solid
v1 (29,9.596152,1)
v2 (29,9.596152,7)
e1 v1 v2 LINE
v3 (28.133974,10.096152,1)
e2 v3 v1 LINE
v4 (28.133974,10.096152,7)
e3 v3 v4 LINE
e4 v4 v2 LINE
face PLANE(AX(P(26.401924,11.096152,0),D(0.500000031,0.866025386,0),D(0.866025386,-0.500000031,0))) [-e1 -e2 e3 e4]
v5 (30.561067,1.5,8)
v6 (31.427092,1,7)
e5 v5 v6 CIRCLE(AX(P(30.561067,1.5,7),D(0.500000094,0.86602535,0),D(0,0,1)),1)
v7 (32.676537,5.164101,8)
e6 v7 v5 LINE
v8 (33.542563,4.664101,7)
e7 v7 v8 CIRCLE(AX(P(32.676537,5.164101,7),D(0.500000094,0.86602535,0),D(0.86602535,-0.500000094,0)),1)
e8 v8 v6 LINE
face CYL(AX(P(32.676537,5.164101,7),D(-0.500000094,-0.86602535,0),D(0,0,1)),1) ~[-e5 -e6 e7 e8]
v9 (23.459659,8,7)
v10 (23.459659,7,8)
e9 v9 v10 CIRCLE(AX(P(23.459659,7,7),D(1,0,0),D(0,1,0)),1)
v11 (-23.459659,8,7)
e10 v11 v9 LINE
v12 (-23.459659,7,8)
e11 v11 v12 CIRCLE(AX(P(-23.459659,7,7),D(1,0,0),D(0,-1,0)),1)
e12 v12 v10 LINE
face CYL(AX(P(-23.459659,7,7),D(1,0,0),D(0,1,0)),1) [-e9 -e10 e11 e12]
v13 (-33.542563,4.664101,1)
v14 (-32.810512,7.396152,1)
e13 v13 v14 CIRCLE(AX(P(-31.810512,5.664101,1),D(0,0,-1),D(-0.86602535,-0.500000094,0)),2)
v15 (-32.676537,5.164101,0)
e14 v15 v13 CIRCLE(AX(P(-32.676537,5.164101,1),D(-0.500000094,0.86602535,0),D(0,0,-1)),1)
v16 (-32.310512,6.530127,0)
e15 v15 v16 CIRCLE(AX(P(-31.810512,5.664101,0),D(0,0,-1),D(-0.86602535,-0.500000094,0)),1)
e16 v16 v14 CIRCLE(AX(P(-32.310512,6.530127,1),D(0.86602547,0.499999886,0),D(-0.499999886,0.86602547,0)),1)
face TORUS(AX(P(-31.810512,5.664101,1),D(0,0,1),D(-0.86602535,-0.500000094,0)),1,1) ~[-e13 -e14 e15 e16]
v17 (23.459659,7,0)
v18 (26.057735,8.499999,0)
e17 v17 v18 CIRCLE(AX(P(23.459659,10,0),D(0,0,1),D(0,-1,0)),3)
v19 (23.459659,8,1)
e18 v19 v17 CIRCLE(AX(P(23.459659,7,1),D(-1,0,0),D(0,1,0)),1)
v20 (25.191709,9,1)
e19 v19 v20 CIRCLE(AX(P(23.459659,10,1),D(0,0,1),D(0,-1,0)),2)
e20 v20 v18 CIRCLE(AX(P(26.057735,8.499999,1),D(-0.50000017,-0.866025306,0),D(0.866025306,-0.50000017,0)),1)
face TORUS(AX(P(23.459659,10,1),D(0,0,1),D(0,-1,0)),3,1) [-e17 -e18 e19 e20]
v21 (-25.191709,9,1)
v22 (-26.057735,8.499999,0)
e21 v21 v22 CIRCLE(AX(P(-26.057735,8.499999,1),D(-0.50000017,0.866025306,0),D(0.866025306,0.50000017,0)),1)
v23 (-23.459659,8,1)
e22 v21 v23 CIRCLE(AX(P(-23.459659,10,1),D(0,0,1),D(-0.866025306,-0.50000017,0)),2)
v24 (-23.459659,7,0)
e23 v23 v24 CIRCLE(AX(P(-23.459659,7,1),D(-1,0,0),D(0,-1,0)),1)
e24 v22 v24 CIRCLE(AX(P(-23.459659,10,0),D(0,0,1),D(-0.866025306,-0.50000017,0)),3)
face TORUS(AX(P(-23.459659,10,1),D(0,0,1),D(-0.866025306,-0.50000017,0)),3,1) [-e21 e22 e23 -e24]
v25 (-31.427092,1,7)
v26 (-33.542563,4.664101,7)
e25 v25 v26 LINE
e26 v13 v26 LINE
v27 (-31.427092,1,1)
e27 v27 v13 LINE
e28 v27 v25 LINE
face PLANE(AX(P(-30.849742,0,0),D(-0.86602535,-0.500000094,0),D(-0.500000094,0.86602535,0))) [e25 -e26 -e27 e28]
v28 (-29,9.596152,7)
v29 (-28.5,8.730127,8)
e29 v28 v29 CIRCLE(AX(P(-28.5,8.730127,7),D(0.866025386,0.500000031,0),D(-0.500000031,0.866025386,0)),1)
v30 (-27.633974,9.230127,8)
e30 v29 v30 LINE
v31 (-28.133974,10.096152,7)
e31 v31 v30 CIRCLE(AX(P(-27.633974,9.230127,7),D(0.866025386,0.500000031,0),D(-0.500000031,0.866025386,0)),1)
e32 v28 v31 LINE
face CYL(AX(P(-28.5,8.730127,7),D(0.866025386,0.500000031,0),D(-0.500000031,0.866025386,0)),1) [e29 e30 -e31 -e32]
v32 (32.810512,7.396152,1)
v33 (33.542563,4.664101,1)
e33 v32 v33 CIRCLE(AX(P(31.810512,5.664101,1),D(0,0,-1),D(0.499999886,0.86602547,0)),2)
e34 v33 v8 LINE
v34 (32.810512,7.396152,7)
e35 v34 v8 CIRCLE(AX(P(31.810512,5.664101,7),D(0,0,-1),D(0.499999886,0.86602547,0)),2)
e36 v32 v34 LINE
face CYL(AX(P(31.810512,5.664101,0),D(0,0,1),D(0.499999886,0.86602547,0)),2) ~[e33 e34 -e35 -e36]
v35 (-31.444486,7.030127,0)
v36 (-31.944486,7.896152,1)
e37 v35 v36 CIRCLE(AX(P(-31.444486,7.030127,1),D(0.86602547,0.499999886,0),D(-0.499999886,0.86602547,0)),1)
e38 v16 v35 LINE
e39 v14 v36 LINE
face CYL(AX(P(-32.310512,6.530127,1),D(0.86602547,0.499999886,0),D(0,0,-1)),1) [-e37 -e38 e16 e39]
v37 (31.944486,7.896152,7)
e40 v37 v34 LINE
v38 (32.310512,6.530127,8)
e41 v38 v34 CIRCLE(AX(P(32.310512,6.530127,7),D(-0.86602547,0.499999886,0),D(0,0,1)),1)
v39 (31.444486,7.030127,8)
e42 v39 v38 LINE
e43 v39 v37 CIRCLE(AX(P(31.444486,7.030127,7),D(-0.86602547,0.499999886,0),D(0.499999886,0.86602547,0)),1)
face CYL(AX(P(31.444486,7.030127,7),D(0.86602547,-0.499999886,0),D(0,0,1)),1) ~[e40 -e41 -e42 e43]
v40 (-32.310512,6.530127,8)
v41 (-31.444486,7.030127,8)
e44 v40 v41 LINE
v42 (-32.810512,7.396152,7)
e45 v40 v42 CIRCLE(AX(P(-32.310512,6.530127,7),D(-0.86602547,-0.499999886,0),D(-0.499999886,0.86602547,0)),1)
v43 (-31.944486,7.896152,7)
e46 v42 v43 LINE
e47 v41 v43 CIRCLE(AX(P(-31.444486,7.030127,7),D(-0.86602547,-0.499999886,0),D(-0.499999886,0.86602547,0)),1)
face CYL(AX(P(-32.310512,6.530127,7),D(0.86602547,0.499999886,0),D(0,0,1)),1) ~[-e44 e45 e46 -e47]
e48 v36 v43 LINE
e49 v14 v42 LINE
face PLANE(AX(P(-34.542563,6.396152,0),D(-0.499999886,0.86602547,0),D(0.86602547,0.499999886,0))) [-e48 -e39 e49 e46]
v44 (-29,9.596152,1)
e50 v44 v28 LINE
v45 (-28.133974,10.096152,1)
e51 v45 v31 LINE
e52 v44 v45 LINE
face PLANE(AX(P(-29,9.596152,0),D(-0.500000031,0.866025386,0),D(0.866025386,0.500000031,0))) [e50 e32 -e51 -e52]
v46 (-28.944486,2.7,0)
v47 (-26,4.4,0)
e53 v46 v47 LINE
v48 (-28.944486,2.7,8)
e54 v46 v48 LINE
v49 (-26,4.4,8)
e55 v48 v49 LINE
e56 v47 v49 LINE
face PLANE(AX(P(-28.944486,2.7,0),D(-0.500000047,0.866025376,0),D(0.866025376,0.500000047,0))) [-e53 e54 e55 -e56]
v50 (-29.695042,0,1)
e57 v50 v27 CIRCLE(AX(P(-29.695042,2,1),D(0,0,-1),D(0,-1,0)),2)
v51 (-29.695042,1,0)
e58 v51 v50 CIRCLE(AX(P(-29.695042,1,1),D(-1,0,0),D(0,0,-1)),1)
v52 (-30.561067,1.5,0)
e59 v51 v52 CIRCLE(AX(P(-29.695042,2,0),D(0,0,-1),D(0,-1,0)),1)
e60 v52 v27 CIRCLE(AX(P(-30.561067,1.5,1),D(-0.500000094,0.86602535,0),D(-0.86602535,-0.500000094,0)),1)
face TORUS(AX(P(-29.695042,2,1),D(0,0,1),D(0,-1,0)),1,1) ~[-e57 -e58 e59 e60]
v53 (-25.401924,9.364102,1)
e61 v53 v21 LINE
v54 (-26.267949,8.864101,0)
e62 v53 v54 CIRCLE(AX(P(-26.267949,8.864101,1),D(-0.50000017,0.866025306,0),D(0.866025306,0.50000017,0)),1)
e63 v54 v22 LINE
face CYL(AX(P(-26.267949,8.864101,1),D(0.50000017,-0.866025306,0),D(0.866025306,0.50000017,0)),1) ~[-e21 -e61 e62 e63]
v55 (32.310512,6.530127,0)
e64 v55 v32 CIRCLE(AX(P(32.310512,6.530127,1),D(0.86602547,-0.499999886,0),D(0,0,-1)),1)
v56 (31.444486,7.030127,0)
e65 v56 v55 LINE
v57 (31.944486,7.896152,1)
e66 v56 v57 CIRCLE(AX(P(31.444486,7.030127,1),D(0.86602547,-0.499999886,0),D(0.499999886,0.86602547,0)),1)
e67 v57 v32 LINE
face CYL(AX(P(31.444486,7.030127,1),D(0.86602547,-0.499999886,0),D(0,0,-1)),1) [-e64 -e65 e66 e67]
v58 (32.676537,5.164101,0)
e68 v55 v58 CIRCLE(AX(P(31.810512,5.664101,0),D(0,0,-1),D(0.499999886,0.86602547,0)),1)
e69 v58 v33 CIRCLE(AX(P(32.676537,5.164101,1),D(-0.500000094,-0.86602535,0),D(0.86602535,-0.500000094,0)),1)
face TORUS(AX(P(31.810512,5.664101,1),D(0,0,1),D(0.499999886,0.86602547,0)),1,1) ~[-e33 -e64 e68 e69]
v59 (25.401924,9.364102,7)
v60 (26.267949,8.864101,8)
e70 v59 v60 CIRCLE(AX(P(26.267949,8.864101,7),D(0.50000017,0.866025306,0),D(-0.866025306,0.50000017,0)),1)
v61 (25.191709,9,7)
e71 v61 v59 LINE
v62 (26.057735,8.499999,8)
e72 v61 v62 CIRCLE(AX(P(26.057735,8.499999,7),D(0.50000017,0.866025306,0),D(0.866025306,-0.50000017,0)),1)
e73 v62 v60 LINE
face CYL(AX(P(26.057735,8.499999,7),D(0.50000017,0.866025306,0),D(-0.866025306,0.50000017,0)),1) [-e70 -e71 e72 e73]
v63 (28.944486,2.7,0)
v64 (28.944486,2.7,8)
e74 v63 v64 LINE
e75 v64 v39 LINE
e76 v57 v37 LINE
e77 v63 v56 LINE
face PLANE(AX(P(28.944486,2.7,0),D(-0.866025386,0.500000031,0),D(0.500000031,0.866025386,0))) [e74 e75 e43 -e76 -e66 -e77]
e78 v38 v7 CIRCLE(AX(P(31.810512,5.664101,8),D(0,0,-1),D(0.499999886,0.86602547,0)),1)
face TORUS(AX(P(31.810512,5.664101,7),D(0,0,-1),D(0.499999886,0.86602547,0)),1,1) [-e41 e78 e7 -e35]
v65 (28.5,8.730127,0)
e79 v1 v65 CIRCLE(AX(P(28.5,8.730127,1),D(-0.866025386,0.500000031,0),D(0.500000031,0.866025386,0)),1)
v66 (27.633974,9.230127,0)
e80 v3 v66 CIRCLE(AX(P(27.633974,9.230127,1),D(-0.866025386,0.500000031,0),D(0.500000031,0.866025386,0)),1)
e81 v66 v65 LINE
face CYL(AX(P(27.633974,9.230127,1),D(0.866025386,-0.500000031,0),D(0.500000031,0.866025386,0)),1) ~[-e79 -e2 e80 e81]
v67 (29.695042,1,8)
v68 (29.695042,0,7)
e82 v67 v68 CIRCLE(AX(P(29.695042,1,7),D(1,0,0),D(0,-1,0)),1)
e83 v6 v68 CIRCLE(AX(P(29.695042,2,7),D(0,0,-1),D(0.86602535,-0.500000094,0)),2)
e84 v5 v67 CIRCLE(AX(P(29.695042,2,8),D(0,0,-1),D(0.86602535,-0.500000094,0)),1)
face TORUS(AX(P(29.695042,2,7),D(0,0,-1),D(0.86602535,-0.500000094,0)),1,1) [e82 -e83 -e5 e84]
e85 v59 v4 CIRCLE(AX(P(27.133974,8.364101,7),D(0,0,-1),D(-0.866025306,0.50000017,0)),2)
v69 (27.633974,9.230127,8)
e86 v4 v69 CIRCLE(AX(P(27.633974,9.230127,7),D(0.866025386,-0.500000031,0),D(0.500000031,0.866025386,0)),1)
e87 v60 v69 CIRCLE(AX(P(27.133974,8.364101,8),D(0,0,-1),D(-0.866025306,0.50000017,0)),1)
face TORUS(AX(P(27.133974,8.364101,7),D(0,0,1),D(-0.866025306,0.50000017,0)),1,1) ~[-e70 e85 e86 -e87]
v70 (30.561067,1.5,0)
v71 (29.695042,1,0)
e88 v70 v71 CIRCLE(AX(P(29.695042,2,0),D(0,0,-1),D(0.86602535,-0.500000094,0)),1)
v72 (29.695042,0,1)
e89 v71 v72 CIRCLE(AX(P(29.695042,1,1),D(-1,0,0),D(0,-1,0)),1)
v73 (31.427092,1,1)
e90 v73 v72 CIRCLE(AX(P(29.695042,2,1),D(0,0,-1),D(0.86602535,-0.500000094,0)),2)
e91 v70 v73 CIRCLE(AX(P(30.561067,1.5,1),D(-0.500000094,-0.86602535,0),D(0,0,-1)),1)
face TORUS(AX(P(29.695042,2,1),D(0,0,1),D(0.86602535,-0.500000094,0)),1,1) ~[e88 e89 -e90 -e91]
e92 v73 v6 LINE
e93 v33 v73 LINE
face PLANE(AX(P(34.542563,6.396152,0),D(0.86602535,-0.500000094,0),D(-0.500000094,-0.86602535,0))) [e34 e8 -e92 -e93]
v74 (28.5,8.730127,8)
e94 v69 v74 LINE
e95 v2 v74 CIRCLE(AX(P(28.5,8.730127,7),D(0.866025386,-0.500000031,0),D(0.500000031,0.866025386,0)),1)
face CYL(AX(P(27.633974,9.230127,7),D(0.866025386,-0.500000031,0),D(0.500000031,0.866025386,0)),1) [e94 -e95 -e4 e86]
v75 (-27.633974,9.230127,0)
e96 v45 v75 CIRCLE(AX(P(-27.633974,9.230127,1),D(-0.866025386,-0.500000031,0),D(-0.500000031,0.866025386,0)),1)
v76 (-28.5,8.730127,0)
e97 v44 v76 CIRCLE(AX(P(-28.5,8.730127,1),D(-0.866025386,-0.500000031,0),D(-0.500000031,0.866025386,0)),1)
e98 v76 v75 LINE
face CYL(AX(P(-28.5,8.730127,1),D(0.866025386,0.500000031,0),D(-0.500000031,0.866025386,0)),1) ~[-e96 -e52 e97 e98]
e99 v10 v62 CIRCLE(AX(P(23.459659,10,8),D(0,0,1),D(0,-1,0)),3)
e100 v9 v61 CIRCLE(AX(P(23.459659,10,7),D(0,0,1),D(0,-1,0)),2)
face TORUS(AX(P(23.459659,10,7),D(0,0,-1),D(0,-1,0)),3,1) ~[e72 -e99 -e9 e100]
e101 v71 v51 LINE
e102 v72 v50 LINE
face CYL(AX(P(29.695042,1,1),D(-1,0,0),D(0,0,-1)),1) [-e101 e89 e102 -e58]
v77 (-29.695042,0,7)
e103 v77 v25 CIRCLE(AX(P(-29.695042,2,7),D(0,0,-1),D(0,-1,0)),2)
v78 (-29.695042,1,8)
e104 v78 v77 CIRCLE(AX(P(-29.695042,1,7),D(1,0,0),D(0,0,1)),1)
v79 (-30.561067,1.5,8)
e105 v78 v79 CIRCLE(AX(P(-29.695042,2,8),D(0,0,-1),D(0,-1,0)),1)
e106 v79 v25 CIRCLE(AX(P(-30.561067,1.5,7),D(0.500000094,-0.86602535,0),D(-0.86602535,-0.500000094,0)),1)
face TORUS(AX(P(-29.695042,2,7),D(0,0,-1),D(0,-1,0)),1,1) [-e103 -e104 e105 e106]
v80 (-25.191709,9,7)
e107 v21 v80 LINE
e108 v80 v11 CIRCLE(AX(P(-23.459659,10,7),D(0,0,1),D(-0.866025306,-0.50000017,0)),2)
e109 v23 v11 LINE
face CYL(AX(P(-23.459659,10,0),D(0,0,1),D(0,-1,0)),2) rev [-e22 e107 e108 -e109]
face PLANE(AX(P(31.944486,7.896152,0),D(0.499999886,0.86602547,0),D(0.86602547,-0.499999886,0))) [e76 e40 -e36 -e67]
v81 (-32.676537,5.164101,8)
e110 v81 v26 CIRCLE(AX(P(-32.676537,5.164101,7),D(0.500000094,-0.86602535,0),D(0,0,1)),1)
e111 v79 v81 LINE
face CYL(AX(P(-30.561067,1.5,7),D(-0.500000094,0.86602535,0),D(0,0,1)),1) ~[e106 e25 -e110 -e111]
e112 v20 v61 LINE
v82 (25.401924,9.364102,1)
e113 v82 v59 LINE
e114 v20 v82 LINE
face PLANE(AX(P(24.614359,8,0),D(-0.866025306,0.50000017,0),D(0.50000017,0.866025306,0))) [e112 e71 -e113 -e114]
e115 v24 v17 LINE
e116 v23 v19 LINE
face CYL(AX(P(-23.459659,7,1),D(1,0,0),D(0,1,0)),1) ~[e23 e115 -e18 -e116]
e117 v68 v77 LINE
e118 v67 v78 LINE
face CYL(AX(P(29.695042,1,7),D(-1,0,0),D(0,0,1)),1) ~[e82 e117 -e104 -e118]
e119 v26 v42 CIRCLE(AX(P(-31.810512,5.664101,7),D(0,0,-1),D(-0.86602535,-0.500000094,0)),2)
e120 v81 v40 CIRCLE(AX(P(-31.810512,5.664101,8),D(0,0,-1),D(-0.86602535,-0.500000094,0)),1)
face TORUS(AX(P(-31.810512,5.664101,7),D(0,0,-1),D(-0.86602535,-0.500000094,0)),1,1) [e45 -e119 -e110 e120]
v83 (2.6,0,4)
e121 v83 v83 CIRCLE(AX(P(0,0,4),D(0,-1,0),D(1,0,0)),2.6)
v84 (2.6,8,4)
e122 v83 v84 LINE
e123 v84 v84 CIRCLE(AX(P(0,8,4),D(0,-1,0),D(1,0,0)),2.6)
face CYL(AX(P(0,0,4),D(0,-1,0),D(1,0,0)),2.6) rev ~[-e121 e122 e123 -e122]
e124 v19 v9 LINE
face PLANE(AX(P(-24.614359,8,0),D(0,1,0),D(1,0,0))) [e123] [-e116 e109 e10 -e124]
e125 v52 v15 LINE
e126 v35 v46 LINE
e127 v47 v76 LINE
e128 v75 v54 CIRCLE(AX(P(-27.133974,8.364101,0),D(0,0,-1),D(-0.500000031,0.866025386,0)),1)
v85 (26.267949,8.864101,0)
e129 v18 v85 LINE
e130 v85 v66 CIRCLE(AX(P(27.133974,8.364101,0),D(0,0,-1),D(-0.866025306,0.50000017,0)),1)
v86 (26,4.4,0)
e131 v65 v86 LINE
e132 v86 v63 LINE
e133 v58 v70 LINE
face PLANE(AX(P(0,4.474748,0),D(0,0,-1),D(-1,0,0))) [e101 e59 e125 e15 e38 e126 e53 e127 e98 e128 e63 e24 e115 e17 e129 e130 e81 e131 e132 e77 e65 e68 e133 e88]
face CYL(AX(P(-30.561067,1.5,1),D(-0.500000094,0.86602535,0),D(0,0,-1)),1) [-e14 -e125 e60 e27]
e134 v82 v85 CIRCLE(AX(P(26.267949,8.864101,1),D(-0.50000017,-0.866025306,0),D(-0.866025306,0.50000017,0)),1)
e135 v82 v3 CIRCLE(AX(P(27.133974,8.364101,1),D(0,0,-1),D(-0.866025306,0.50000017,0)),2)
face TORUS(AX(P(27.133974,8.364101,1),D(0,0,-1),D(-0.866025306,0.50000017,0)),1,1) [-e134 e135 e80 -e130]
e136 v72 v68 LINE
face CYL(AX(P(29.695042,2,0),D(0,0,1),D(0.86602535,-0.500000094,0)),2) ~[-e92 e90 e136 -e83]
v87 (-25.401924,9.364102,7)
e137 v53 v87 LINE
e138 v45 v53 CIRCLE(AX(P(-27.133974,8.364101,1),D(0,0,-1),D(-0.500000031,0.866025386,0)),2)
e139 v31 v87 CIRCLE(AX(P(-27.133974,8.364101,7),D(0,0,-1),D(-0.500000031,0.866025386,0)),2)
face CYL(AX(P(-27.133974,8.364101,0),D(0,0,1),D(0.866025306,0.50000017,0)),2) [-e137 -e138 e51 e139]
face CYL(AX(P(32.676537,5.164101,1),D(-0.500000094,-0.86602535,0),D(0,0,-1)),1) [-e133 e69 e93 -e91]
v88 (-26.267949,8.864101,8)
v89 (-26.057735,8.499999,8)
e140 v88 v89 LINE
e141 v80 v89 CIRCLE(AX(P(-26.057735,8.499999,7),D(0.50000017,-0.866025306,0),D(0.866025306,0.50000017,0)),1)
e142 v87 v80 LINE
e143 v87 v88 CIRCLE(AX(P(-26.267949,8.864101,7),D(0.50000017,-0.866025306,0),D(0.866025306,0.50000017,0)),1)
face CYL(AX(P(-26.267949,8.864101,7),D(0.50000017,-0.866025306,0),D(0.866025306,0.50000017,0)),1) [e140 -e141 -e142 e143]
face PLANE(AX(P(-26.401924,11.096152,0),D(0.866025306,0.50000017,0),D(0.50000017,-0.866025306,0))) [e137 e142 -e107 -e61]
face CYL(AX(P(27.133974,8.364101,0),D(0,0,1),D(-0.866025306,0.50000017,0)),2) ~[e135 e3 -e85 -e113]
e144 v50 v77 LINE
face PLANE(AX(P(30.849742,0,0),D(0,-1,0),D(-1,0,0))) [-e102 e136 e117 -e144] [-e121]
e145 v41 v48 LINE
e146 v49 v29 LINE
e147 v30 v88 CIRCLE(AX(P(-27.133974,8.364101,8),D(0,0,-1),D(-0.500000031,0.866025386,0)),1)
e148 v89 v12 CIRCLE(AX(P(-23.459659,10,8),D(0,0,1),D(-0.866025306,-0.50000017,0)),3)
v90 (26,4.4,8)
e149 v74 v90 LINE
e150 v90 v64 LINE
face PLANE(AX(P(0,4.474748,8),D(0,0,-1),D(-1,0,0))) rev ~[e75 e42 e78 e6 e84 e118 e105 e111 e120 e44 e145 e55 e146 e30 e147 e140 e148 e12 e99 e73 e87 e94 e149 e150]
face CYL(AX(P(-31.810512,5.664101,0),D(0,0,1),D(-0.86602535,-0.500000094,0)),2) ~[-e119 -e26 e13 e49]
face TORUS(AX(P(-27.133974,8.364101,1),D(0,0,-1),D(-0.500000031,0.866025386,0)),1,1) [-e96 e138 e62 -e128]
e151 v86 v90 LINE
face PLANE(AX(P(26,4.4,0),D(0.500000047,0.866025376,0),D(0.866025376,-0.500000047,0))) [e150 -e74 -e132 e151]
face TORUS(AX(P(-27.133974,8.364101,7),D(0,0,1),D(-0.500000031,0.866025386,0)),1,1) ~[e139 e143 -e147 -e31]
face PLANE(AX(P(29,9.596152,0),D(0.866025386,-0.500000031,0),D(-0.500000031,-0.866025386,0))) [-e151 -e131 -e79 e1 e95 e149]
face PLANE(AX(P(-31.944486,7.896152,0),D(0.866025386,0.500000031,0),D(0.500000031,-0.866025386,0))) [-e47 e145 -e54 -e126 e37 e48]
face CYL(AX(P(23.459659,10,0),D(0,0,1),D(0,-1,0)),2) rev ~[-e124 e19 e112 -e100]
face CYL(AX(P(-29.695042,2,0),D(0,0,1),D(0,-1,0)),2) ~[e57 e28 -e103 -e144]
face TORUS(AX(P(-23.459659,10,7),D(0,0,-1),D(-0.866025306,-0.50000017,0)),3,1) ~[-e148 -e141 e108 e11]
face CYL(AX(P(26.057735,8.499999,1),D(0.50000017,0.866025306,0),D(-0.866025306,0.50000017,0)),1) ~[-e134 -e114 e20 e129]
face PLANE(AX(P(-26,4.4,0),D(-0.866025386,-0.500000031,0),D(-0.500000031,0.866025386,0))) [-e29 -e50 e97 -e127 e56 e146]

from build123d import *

# Parameters (mm, degrees)
PAD_DEPTH    = 8
SKETCH001_R  = 2.6
POCKET_DEPTH = 11.097152
FILLET_R     = 2
FILLET001_R  = 1


with BuildPart() as part:
    # Sketch → Pad (new body)
    with BuildSketch(Plane.XY):
        Polygon((-24.614359, 8), (24.614359, 8), (26.401924, 11.096152), (29, 9.596152), (26, 4.4), (28.944486, 2.7), (31.944486, 7.896152), (34.542563, 6.396152), (30.849742, 0), (-30.849742, 0), (-34.542563, 6.396152), (-31.944486, 7.896152), (-28.944486, 2.7), (-26, 4.4), (-29, 9.596152), (-26.401924, 11.096152), align=None)
    extrude(amount=PAD_DEPTH)

    # Sketch001 → Pocket (cut, through all)
    with BuildSketch(Plane.XZ):
        with Locations((0, 4)):
            Circle(SKETCH001_R)
    extrude(amount=-POCKET_DEPTH, mode=Mode.SUBTRACT)

    # Fillet
    fillet_edges = [part.edges().sort_by_distance(p)[0] for p in [
        (-30.849742, 0, 4),
        (-24.614359, 8, 4),
        (24.614359, 8, 4),
        (30.849742, 0, 4),
        (34.542563, 6.396152, 4),
        (26.401924, 11.096152, 4),
        (-26.401924, 11.096152, 4),
        (-34.542563, 6.396152, 4),
    ]]
    fillet(fillet_edges, radius=FILLET_R)

    # Fillet001
    fillet001_edges = [part.edges().sort_by_distance(p)[0] for p in [
        (0, 8, 0),
        (0, 0, 0),
        (0, 8, 8),
        (0, 0, 8),
    ]]
    fillet(fillet001_edges, radius=FILLET001_R)


solid = part.part
